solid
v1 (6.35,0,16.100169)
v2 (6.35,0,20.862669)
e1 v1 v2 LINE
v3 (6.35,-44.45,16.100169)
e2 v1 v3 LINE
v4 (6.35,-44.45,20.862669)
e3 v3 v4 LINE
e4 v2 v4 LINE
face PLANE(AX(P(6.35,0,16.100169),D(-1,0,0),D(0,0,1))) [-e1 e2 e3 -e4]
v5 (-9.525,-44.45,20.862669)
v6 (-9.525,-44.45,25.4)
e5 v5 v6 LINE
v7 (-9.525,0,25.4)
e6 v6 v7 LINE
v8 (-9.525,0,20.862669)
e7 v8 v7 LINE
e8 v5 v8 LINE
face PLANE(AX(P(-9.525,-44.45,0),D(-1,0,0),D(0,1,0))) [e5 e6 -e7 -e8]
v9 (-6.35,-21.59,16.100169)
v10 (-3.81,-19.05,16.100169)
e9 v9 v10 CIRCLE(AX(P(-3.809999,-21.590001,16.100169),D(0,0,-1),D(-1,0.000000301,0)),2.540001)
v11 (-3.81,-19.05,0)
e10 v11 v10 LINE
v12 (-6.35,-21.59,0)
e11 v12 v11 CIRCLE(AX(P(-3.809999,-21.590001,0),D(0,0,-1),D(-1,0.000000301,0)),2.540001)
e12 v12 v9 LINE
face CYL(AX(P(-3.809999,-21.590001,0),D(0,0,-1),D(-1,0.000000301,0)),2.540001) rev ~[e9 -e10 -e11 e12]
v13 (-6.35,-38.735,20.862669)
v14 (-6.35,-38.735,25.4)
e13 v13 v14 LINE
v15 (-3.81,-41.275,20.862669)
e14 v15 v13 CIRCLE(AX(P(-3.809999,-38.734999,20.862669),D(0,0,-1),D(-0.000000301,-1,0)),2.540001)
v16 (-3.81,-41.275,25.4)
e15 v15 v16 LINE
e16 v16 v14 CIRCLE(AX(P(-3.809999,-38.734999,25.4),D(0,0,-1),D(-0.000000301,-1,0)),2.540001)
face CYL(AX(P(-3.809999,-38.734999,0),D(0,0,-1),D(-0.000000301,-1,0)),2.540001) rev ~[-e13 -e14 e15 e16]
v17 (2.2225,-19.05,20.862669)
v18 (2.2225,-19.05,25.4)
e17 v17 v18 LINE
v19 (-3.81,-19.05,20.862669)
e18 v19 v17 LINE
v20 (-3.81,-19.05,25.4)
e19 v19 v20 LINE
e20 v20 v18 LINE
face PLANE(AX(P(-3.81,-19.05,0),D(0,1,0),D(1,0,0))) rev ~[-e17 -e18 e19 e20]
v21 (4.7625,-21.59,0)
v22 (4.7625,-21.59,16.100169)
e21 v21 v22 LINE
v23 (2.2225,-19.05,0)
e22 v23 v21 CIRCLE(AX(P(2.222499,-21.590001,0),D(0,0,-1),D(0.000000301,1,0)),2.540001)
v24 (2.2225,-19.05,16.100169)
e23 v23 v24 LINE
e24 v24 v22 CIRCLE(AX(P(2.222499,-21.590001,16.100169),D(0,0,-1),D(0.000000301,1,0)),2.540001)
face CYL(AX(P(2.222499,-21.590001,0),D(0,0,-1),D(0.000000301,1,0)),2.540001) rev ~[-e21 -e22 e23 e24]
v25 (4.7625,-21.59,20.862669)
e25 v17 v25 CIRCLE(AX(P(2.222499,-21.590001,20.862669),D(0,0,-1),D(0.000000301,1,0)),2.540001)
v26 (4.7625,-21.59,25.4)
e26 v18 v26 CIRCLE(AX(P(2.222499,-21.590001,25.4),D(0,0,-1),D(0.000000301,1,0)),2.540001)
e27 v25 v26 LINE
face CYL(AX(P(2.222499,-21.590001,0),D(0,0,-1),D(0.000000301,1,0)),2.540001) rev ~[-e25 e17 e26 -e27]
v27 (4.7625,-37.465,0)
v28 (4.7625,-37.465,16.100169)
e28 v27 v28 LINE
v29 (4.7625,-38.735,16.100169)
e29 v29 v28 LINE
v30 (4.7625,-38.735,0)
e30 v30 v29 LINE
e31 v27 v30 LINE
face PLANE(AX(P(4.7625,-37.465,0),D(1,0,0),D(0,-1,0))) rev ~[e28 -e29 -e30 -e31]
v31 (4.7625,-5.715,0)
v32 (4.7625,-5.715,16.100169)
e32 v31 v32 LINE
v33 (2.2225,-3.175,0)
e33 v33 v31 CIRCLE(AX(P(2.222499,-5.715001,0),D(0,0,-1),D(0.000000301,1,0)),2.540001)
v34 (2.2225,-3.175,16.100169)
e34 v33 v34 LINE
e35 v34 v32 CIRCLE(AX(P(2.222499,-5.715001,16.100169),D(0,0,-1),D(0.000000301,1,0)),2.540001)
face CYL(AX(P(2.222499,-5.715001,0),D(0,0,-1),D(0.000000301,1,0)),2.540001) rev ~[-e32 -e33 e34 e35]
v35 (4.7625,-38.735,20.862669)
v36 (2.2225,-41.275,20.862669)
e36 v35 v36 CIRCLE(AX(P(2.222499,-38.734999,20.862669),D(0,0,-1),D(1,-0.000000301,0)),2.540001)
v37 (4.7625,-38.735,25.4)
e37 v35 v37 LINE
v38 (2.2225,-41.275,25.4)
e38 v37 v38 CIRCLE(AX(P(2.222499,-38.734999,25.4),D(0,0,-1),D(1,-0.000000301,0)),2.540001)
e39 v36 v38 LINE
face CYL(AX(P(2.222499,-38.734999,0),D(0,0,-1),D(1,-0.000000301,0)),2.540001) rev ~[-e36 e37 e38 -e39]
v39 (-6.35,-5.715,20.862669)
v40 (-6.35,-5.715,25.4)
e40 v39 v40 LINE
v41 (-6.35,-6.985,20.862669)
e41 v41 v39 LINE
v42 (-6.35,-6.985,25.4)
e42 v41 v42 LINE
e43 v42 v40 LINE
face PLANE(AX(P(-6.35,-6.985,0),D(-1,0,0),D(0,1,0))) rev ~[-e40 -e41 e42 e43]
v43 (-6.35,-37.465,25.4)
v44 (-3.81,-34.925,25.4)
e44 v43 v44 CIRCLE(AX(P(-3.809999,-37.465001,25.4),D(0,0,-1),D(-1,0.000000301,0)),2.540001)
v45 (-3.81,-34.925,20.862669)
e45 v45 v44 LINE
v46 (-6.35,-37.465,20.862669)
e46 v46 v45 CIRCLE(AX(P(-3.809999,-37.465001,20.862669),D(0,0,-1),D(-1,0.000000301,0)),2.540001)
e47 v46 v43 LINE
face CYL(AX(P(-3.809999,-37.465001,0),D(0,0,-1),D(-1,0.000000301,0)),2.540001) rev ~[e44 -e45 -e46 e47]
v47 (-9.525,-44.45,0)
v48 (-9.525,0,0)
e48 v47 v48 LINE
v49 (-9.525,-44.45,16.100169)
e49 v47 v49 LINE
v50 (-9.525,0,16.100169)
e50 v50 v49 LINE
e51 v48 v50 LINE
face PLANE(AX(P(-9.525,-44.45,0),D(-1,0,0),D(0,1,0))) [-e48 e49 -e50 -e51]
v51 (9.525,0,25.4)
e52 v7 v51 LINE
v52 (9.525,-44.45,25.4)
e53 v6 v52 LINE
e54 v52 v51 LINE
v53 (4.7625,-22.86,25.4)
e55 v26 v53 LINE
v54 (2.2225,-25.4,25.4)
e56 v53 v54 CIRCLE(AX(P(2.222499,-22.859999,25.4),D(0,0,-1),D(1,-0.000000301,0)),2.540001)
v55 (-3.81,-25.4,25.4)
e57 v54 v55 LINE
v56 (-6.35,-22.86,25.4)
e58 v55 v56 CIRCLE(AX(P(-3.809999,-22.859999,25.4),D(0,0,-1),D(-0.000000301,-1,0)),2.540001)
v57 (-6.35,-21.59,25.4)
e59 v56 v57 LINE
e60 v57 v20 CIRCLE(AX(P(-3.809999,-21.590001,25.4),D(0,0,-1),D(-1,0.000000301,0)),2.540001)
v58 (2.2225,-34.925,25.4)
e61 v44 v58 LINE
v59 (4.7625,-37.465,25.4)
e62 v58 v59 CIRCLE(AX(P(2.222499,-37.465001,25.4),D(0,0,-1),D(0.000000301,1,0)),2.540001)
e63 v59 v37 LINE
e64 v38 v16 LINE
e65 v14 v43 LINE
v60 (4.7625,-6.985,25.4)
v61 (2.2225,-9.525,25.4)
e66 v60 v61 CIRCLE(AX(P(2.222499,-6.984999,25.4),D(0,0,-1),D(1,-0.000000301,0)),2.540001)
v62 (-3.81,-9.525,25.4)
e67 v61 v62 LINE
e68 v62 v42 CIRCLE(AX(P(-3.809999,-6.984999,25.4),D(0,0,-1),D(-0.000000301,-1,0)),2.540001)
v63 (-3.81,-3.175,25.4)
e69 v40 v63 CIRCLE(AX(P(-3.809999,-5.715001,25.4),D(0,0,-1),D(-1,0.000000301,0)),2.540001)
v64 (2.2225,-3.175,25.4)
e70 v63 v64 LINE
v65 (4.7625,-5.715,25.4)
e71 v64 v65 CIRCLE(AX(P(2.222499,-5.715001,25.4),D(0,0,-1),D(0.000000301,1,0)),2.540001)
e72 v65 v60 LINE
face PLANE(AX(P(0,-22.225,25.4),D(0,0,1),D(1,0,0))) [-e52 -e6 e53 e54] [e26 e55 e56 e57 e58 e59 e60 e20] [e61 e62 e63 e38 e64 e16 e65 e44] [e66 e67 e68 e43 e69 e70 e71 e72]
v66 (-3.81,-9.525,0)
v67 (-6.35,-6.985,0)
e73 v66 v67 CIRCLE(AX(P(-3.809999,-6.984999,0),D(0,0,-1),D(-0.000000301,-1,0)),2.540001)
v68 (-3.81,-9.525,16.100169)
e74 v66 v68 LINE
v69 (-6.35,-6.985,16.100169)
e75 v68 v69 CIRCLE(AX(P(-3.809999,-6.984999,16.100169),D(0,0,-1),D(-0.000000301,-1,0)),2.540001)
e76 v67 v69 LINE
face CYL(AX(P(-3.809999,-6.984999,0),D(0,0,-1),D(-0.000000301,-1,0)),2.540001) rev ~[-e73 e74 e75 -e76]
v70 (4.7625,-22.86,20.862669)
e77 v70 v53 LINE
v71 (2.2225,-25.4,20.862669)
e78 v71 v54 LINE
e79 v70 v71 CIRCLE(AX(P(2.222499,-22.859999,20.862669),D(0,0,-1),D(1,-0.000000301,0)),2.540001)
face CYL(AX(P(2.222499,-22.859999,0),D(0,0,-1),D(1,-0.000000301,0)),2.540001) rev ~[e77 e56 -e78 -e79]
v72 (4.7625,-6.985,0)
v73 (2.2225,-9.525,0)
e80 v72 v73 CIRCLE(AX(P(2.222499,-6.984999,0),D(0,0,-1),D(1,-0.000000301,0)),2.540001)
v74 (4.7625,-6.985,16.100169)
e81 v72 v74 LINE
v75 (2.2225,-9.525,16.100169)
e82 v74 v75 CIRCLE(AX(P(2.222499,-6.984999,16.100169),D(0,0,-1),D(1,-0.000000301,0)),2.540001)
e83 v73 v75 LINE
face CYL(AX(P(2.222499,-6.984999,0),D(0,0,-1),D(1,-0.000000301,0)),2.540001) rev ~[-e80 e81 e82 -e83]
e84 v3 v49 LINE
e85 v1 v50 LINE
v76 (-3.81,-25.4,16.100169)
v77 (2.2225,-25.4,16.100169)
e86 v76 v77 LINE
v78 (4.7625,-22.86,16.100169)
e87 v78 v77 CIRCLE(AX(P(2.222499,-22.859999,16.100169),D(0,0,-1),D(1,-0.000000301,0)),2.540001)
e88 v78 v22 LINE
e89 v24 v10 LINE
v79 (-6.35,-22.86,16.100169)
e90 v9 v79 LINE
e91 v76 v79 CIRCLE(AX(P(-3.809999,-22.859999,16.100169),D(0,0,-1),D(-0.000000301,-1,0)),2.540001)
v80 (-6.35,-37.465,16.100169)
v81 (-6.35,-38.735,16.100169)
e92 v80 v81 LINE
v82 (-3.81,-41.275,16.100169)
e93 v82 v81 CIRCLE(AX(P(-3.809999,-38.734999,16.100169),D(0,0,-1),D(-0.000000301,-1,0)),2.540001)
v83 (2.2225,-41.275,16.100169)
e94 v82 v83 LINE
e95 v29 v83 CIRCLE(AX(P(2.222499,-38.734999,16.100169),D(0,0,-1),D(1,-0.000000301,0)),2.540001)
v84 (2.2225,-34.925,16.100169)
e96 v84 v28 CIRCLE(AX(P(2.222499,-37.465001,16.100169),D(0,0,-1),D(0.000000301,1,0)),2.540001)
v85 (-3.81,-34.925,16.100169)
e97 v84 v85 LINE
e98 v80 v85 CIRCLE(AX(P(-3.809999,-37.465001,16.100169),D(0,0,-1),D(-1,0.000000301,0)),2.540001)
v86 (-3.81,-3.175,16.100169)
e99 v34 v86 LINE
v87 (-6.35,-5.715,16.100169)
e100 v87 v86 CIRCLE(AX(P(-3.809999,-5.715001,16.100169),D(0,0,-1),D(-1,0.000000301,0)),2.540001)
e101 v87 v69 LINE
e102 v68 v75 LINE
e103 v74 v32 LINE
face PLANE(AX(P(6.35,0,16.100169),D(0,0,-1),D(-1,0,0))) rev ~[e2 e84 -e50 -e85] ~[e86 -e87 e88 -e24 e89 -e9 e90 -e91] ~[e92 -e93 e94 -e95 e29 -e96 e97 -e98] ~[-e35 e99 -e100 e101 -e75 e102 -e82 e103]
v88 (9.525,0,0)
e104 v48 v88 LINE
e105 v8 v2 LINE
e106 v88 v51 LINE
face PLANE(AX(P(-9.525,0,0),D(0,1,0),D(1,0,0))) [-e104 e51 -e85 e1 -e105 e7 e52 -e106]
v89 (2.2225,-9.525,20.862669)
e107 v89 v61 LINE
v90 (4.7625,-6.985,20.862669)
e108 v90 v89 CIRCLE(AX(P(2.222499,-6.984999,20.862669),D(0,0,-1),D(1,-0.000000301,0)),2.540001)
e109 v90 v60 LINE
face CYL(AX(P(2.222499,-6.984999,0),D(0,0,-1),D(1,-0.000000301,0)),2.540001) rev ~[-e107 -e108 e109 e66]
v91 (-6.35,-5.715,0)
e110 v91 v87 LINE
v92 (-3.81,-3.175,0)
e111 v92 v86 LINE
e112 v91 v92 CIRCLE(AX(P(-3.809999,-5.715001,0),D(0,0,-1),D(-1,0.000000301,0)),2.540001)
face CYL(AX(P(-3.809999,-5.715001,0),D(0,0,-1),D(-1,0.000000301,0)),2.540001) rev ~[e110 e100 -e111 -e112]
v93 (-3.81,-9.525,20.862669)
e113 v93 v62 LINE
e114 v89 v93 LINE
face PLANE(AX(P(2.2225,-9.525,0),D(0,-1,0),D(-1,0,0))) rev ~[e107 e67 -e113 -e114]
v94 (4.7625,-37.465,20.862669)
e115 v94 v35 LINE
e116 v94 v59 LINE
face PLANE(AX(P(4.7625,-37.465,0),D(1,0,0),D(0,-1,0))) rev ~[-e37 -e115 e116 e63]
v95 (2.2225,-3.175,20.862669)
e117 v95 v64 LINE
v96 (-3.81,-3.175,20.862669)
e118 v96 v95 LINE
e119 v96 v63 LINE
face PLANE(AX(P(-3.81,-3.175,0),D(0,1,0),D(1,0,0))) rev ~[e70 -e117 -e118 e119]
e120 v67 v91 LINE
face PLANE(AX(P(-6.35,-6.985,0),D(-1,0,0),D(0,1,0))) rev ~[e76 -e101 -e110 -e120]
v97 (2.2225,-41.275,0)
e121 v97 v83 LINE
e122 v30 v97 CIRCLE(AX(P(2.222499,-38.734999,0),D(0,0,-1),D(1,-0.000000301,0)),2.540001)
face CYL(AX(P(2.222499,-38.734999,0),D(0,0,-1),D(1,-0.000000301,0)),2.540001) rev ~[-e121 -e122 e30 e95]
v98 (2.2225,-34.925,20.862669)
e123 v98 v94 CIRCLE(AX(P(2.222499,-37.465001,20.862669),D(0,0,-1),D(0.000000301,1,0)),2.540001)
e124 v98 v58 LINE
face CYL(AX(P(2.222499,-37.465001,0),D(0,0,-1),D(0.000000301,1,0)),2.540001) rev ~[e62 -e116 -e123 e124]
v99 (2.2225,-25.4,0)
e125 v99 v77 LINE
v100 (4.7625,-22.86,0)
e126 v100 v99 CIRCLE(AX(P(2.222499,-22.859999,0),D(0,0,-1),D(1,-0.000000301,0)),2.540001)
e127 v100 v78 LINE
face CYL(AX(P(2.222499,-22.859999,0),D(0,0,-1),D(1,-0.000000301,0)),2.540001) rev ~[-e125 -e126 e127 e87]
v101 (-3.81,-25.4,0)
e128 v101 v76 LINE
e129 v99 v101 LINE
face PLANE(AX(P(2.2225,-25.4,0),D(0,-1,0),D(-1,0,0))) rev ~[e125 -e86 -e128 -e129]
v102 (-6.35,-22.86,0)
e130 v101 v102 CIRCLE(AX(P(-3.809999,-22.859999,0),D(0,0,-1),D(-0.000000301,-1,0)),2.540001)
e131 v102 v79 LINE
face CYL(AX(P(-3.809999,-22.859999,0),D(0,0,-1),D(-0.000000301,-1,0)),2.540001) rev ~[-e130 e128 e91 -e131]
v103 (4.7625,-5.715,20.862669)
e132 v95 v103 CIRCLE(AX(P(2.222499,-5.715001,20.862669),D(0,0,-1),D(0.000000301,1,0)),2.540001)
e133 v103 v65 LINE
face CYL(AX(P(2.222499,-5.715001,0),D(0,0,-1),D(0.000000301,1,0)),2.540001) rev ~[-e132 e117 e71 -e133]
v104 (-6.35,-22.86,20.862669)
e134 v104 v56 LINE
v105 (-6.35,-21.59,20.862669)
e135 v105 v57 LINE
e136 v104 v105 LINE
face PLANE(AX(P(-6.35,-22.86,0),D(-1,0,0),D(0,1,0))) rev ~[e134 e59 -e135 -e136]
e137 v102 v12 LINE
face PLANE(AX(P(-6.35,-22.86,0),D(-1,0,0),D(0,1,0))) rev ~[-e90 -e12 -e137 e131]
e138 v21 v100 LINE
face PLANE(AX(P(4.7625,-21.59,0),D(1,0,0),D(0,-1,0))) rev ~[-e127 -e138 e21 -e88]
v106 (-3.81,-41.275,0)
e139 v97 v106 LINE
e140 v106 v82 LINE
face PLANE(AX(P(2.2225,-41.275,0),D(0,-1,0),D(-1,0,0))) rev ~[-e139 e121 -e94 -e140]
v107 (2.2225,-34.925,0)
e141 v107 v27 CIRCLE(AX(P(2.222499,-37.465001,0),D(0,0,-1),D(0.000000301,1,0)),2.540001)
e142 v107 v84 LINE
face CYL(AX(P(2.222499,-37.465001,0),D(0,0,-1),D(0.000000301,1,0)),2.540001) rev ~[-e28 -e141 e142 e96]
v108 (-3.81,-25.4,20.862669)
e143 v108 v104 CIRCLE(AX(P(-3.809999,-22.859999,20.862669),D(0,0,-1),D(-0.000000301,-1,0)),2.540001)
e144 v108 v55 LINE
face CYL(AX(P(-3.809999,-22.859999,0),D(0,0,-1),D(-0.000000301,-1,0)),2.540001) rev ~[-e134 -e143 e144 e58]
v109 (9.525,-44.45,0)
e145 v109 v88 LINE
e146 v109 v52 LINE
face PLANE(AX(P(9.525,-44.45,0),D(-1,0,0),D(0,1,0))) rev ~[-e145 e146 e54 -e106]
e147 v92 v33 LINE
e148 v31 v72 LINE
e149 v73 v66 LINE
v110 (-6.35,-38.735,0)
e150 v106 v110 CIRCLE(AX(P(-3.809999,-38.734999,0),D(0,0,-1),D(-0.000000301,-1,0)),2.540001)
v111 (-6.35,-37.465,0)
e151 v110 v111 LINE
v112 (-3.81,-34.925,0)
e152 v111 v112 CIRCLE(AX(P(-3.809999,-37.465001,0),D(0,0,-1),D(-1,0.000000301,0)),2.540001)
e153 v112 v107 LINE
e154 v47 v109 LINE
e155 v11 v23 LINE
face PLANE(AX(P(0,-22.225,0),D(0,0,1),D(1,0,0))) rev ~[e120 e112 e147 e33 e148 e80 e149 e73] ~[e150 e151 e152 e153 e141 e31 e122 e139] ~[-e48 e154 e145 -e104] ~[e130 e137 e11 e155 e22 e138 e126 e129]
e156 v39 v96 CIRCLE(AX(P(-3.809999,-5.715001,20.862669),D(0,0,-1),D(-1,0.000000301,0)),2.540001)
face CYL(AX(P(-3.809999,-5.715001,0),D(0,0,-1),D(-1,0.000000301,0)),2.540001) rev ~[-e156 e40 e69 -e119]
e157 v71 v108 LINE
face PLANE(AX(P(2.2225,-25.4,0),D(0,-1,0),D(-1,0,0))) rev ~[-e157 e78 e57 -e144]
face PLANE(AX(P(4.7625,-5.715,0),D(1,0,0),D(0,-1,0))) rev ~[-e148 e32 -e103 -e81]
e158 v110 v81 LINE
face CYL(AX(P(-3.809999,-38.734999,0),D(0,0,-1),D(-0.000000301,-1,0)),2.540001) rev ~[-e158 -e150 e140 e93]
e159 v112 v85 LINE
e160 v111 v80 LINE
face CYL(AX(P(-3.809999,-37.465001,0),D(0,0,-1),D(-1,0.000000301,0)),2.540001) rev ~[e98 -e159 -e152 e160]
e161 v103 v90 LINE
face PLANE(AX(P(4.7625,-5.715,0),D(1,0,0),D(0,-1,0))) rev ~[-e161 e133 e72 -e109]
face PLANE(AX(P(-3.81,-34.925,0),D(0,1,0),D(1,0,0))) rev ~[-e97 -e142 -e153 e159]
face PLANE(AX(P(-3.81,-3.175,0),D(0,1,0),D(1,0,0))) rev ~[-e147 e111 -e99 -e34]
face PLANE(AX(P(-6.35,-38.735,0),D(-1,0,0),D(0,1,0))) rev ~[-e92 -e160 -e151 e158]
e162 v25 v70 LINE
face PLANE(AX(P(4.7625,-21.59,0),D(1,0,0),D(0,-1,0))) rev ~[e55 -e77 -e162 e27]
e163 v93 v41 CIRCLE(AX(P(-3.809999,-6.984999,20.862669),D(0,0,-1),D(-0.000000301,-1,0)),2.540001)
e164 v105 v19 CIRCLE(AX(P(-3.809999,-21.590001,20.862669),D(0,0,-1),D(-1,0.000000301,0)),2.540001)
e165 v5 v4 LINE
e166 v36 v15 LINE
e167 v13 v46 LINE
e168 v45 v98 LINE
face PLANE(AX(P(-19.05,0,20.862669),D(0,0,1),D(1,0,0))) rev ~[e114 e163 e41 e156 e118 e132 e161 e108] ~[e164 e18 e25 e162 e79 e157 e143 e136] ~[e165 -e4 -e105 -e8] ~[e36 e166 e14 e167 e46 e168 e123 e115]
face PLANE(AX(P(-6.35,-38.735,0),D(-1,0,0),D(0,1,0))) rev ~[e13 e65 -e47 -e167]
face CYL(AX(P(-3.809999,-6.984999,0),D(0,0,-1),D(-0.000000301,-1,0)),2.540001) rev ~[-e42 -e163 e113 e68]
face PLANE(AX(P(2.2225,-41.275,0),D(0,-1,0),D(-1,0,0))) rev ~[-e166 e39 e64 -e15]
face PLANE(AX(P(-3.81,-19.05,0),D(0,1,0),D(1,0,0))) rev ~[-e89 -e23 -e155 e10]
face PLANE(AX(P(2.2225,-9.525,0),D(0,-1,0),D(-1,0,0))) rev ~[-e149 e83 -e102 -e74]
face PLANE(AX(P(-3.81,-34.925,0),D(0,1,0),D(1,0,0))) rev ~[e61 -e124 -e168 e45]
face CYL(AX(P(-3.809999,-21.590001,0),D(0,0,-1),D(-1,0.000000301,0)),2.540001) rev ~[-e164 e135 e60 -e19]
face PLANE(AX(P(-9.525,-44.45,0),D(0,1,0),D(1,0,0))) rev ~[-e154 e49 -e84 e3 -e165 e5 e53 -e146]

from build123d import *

# Parameters (mm, degrees)
F0_W     = 19.05
F0_H     = 44.45
F1_DEPTH = 25.4
F2_W     = 15.875
F2_H     = 4.7625
F2_W_2   = 9.525
F3_DEPTH = 45.974


with BuildPart() as f1:
    # F0 (on Top) → F1 (new body)
    with BuildSketch(Plane.XY):
        with Locations((0, -22.225)):
            Rectangle(F0_W, F0_H)
        with BuildLine():
            ThreePointArc((-6.35, -37.465), (-5.606051, -35.668949), (-3.81, -34.925))
            Line((-3.81, -34.925), (2.2225, -34.925))
            ThreePointArc((2.2225, -34.925), (4.018551, -35.668949), (4.7625, -37.465))
            Line((4.7625, -37.465), (4.7625, -38.735))
            ThreePointArc((4.7625, -38.735), (4.018551, -40.531051), (2.2225, -41.275))
            Line((2.2225, -41.275), (-3.81, -41.275))
            ThreePointArc((-3.81, -41.275), (-5.606051, -40.531051), (-6.35, -38.735))
            Line((-6.35, -38.735), (-6.35, -37.465))
        make_face(mode=Mode.SUBTRACT)
        with BuildLine():
            ThreePointArc((-6.35, -21.59), (-5.606051, -19.793949), (-3.81, -19.05))
            Line((-3.81, -19.05), (2.2225, -19.05))
            ThreePointArc((2.2225, -19.05), (4.018551, -19.793949), (4.7625, -21.59))
            Line((4.7625, -21.59), (4.7625, -22.86))
            ThreePointArc((4.7625, -22.86), (4.018551, -24.656051), (2.2225, -25.4))
            Line((2.2225, -25.4), (-3.81, -25.4))
            ThreePointArc((-3.81, -25.4), (-5.606051, -24.656051), (-6.35, -22.86))
            Line((-6.35, -22.86), (-6.35, -21.59))
        make_face(mode=Mode.SUBTRACT)
        with BuildLine():
            ThreePointArc((-6.35, -5.715), (-5.606051, -3.918949), (-3.81, -3.175))
            Line((-3.81, -3.175), (2.2225, -3.175))
            ThreePointArc((2.2225, -3.175), (4.018551, -3.918949), (4.7625, -5.715))
            Line((4.7625, -5.715), (4.7625, -6.985))
            ThreePointArc((4.7625, -6.985), (4.018551, -8.781051), (2.2225, -9.525))
            Line((2.2225, -9.525), (-3.81, -9.525))
            ThreePointArc((-3.81, -9.525), (-5.606051, -8.781051), (-6.35, -6.985))
            Line((-6.35, -6.985), (-6.35, -5.715))
        make_face(mode=Mode.SUBTRACT)
    extrude(amount=F1_DEPTH)

    # F2 (on face) → F3 (cut)
    with BuildSketch(Plane(origin=(0, 0, 0), x_dir=(-1, 0, 0), z_dir=(0, 1, 0))):
        with Locations((1.5875, 18.481419)):
            Rectangle(F2_W, F2_H)
        with Locations((14.2875, 18.481419)):
            Rectangle(F2_W_2, F2_H)
    extrude(amount=-F3_DEPTH, mode=Mode.SUBTRACT)


solid = f1.part
